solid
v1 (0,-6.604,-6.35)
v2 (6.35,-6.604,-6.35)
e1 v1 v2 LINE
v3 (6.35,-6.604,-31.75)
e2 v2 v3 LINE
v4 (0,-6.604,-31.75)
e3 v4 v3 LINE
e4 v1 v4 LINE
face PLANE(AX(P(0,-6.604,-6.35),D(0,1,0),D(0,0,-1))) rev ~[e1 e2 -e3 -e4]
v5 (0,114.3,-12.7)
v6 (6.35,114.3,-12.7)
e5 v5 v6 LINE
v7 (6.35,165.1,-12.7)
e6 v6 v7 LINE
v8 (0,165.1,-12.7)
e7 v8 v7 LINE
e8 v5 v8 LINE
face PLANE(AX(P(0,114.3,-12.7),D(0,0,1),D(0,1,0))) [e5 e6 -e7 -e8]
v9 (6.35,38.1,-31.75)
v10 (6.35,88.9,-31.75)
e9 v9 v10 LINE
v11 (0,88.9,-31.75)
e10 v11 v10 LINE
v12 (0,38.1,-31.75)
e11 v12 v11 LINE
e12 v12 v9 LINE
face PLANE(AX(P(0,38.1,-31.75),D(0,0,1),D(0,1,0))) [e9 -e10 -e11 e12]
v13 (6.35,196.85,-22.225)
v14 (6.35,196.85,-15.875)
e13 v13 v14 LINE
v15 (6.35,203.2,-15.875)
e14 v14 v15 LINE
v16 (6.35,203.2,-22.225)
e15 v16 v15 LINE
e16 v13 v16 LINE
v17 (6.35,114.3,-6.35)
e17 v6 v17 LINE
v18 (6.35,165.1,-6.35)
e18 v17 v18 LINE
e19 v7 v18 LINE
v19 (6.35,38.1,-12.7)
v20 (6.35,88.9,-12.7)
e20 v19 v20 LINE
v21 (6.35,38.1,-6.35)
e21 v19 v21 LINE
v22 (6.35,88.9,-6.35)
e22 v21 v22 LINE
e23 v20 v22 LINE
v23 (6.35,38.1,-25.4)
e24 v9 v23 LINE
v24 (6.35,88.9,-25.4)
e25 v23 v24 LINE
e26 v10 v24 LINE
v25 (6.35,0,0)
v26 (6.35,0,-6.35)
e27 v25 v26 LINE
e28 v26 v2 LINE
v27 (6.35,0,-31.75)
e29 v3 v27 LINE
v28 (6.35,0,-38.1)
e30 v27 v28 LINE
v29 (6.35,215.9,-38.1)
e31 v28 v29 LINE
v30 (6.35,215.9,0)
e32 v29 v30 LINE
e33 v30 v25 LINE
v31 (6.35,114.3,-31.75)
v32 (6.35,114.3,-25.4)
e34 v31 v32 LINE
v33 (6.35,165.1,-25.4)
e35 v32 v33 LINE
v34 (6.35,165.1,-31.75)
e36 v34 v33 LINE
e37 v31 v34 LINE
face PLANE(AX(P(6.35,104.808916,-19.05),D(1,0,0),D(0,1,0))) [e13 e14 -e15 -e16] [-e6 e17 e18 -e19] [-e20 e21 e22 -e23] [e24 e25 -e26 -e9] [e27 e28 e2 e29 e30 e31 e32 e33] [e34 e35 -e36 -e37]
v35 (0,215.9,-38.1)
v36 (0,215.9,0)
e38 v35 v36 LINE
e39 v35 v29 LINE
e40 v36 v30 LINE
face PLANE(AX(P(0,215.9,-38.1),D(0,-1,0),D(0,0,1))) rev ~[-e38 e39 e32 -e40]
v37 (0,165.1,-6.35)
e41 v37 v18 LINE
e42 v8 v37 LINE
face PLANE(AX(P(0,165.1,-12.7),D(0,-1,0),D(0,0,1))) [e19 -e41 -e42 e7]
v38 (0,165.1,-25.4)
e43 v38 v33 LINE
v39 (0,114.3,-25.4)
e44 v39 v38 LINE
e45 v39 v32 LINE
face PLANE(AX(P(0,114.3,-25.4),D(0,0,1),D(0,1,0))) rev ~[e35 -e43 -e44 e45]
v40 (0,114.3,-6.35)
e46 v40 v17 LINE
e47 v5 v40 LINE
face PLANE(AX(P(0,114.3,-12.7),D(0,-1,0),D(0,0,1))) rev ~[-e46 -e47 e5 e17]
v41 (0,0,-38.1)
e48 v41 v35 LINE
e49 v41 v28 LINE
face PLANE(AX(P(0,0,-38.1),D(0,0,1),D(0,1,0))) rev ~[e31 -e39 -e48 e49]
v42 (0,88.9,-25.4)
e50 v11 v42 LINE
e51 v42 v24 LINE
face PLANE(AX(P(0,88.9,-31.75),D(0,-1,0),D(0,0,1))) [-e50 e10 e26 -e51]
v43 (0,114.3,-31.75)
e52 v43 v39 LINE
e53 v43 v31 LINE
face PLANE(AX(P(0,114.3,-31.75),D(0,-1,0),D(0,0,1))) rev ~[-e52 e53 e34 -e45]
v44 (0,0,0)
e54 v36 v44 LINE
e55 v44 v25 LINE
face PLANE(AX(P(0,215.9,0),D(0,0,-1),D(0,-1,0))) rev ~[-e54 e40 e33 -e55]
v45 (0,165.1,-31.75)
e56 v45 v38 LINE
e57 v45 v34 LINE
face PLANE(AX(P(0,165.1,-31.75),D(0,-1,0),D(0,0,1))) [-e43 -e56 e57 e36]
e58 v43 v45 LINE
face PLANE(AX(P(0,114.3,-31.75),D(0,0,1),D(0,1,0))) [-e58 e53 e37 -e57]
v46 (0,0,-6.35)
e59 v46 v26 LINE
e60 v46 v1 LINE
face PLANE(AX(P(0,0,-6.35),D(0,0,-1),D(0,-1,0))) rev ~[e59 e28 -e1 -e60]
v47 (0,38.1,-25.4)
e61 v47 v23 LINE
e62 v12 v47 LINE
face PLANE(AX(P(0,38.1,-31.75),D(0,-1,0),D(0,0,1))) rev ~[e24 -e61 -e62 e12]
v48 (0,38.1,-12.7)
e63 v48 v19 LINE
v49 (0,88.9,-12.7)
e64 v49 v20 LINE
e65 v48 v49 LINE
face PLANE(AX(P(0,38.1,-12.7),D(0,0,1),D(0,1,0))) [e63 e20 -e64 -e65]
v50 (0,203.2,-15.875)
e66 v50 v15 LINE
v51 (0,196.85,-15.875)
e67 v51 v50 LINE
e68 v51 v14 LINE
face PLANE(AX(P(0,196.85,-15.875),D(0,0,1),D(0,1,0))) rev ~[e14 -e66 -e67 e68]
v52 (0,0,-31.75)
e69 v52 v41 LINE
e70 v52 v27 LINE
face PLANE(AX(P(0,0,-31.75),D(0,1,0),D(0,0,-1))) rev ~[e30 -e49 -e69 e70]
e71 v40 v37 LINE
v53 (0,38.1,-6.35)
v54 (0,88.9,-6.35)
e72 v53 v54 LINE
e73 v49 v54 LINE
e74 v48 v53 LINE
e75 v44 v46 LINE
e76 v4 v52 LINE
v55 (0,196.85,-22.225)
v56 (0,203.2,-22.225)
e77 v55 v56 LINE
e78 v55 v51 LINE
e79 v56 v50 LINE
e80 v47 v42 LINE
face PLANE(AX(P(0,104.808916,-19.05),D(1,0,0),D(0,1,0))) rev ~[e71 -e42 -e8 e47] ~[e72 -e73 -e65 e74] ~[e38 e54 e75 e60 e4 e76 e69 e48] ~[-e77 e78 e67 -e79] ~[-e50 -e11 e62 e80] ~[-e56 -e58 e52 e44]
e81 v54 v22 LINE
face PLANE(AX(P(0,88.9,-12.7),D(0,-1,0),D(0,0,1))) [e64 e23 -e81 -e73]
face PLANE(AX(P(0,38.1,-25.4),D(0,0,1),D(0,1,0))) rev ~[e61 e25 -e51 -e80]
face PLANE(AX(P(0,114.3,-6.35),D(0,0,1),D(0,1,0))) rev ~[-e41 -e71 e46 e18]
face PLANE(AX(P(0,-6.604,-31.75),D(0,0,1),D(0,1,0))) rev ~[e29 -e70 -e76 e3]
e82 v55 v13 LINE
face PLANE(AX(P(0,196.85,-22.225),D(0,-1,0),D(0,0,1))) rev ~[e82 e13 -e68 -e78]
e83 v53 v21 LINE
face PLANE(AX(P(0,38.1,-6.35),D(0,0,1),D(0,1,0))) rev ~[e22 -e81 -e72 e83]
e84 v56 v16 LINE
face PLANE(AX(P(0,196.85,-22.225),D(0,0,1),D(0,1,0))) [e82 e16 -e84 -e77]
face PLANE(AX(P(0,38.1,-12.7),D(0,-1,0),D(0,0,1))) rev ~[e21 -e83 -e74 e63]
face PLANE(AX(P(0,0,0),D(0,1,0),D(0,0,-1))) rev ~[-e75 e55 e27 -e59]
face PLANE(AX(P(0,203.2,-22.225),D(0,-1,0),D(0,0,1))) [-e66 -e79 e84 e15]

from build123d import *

# Parameters (mm, degrees)
F0_W     = 50.8
F0_H     = 6.35
F0_W_2   = 6.35
F1_DEPTH = 6.35


with BuildPart() as f1:
    # F0 (on Right) → F1 (new body)
    with BuildSketch(Plane.YZ):
        Polygon((215.9, 0), (0, 0), (0, -6.35), (-6.604, -6.35), (-6.604, -31.75), (0, -31.75), (0, -38.1), (215.9, -38.1), align=None)
        with Locations((63.5, -28.575)):
            Rectangle(F0_W, F0_H, mode=Mode.SUBTRACT)
        with Locations((139.7, -28.575)):
            Rectangle(F0_W, F0_H, mode=Mode.SUBTRACT)
        with Locations((63.5, -9.525)):
            Rectangle(F0_W, F0_H, mode=Mode.SUBTRACT)
        with Locations((200.025, -19.05)):
            Rectangle(F0_W_2, F0_H, mode=Mode.SUBTRACT)
        with Locations((139.7, -9.525)):
            Rectangle(F0_W, F0_H, mode=Mode.SUBTRACT)
    extrude(amount=F1_DEPTH)


solid = f1.part
